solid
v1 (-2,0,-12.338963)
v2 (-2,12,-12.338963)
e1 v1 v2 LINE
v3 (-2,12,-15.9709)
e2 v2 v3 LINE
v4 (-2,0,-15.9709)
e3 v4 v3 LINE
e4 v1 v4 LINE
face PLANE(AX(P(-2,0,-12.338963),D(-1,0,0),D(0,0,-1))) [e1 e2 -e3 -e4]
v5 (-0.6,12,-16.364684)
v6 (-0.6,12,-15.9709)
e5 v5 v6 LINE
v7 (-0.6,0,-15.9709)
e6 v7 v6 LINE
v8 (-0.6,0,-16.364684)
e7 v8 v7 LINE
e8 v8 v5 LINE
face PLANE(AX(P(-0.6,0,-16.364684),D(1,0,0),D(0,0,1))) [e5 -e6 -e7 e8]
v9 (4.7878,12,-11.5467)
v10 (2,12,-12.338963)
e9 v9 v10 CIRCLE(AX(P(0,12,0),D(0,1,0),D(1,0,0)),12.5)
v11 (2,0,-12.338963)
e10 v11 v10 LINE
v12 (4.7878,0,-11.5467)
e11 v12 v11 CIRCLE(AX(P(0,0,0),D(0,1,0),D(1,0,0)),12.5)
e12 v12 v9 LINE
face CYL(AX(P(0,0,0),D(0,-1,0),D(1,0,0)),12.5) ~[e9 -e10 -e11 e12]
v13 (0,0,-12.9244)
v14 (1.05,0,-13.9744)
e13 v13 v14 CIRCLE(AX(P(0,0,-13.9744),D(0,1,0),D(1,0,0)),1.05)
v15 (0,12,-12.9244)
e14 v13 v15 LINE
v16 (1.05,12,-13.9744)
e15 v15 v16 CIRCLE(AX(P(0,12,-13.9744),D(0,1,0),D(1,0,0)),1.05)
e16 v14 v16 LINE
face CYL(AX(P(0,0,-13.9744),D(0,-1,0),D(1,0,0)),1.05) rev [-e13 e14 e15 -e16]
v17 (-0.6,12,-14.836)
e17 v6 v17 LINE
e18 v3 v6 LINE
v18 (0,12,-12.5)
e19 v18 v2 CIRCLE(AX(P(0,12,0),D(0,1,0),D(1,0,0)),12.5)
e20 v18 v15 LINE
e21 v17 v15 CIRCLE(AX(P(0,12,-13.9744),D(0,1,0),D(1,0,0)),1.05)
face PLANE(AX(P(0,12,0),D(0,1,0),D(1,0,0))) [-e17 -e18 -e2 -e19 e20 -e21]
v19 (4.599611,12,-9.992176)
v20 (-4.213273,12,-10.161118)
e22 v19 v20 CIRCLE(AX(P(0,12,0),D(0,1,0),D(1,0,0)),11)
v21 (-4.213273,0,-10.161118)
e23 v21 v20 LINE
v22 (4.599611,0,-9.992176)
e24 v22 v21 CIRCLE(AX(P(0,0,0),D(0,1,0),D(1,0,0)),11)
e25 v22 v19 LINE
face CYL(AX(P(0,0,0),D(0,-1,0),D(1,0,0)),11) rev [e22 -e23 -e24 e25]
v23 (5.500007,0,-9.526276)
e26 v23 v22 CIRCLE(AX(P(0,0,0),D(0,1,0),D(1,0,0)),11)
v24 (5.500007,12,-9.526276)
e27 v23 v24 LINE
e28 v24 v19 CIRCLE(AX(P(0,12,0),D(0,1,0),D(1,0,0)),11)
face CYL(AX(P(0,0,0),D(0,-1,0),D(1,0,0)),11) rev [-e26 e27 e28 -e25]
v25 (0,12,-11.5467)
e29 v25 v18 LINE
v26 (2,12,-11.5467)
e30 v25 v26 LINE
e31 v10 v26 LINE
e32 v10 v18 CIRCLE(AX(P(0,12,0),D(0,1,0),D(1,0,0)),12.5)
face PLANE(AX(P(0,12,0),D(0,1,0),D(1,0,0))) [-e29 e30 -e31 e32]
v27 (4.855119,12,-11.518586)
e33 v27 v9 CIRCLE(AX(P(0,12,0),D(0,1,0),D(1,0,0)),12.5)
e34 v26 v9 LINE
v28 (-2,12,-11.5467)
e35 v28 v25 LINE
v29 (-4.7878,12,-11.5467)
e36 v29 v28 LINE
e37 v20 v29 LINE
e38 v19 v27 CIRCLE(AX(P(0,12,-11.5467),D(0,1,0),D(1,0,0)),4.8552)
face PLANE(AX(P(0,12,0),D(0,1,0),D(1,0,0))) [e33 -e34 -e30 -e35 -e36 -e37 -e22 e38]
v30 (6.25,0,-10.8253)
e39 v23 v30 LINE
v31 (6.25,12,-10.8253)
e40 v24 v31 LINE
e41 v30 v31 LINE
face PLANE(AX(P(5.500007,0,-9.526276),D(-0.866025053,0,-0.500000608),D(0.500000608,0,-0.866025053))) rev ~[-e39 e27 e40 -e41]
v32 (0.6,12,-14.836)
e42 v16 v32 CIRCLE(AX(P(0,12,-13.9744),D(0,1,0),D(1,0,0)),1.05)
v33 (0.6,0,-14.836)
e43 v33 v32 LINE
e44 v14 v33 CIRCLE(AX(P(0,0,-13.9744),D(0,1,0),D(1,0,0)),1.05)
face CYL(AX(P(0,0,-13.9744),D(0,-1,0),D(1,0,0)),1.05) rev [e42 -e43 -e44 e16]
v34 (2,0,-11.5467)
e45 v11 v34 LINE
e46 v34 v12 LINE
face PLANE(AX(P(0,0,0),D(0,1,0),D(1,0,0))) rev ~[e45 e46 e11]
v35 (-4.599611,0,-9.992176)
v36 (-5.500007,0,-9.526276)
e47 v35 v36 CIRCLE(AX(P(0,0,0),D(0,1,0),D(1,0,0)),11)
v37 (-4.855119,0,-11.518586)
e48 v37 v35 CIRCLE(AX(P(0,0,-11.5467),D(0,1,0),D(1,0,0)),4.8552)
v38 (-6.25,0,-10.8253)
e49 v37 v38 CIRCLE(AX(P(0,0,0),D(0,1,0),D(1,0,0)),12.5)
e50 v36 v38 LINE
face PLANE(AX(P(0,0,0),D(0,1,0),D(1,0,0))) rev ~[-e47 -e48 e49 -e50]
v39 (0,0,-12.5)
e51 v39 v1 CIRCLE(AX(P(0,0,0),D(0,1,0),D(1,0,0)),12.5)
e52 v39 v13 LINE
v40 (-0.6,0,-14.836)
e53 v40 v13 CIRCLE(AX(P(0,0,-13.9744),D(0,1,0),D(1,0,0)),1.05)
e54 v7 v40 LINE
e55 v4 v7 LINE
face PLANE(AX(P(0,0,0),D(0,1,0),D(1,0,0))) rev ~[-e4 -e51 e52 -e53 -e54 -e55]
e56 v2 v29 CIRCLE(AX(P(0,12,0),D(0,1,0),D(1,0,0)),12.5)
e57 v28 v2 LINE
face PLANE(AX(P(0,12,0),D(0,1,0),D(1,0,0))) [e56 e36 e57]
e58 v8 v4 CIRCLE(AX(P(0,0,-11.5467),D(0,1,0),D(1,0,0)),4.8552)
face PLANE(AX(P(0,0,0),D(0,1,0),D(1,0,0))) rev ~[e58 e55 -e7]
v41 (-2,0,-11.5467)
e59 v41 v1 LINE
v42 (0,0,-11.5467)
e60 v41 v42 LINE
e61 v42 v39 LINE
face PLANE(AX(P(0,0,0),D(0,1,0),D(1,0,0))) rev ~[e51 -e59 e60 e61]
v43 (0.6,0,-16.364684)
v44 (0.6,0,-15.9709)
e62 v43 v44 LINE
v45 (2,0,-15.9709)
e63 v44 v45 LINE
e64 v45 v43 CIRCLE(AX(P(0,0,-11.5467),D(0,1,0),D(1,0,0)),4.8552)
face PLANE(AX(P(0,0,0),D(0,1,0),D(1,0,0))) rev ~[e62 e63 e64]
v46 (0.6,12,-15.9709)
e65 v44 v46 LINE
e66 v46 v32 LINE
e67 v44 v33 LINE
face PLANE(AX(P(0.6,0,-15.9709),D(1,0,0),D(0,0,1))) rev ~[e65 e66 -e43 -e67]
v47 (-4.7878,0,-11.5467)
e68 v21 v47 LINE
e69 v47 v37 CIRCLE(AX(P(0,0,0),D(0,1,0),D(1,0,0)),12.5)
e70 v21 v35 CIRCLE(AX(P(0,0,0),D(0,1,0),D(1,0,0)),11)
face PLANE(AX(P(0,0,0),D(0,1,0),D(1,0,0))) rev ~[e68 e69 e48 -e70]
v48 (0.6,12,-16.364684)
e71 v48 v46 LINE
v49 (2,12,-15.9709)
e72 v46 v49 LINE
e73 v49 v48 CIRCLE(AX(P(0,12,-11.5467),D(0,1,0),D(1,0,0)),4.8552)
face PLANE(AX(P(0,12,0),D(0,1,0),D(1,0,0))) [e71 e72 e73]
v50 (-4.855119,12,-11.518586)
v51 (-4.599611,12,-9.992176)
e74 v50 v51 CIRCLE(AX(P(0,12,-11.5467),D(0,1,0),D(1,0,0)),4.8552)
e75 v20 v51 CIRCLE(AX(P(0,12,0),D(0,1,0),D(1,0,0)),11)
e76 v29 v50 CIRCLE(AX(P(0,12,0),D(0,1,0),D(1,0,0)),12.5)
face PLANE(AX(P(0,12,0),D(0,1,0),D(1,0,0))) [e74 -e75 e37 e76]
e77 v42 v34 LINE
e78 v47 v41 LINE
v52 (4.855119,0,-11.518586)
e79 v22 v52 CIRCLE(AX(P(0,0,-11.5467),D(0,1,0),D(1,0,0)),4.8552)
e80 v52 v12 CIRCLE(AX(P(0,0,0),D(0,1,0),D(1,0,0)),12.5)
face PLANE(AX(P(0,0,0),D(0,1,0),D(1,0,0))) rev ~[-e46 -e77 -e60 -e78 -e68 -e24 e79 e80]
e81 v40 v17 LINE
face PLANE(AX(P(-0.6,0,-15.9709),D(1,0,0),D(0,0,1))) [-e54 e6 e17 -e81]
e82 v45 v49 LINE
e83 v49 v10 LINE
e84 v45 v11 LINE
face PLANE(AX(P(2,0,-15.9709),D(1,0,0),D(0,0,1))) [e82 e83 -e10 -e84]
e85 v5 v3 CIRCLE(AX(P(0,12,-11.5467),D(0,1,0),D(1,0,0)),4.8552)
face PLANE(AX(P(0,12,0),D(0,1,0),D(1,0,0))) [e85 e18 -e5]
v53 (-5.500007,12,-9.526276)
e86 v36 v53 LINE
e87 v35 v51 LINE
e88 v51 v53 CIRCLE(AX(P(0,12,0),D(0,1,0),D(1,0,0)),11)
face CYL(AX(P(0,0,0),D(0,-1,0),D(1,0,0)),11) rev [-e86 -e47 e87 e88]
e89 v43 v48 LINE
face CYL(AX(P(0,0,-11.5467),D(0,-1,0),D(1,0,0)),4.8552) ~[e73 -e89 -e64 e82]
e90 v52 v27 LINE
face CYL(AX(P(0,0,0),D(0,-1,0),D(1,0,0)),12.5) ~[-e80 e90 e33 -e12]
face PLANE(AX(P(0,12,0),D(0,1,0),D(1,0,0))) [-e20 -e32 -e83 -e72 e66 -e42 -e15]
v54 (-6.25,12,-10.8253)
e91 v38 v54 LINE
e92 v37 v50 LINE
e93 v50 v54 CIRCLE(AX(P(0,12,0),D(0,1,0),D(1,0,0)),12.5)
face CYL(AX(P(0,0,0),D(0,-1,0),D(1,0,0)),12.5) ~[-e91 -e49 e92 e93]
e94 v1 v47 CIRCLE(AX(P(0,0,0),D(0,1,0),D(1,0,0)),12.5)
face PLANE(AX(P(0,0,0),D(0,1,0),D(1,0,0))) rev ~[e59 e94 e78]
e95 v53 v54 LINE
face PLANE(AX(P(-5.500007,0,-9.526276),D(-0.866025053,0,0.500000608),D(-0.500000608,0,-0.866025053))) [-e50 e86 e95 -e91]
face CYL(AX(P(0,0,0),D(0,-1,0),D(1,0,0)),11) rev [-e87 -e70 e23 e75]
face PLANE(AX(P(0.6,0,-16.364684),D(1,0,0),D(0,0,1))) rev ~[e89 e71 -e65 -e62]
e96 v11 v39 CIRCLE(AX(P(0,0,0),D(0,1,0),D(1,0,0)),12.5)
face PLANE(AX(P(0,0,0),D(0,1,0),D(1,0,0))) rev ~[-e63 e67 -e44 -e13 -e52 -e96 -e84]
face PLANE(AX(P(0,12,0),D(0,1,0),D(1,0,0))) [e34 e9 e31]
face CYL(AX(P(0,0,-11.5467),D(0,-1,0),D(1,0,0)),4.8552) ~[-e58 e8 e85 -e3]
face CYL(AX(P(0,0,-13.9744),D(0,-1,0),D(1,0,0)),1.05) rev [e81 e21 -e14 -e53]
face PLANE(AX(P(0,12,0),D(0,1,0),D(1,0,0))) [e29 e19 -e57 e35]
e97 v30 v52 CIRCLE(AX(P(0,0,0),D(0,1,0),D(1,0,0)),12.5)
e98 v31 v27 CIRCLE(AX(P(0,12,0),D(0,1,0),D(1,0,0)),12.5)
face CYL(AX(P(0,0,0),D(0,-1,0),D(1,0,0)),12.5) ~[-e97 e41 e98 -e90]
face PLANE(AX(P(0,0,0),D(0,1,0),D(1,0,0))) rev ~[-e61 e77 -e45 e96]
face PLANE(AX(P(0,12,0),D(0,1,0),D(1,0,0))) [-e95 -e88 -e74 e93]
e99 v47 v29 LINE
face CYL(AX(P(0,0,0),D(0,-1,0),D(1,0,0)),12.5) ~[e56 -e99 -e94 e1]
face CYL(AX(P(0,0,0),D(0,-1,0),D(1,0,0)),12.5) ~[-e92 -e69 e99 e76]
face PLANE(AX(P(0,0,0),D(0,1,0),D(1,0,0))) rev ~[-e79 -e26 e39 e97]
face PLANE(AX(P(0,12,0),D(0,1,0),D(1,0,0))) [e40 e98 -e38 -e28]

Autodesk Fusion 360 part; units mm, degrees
sketch "Sketch1" plane through (0, 0, 0) normal (0, 1, 0) x (1, 0, 0)
  circle A0 centre (0, 0) radius 11
  circle A1 centre (0, 0) radius 12.5
  line L0 (0, 0) -> (9.5756, 8.0348)
  line L1 (0, 0) -> (12.5, 0) construction
  line L2 (0, 0) -> (-9.5756, 8.0348)
  line L3 (0, 0) -> (12.5, 0) construction
  line L4 (0, 0) -> (-4.7878, 11.5467)
  line L5 (-4.7878, 11.5467) -> (4.7878, 11.5467)
  circle A2 centre (0, 11.5467) radius 4.8552
  line L6 (0, 11.5467) -> (0, 16.402)
  circle A3 centre (0, 13.9744) radius 1.05
  circle A4 centre (0, 13.9744) radius 0.5
  line L7 (0, 16.402) -> (-0.6, 16.402)
  line L8 (0, 16.402) -> (0.6, 16.402)
  line L9 (-0.6, 16.402) -> (-0.6, 14.836)
  line L10 (0.6, 16.402) -> (0.6, 14.836)
  line L11 (0, 0) -> (6.25, 10.8253)
  line L12 (0, 0) -> (12.5, 0) construction
  line L13 (0, 0) -> (-6.25, 10.8253)
  line L14 (0, 11.5467) -> (2, 11.5467)
  line L15 (0, 11.5467) -> (-2, 11.5467)
  line L16 (2, 11.5467) -> (-2, 11.5467)
  line L17 (-2, 11.5467) -> (-2, 15.9709)
  line L18 (-2, 15.9709) -> (2, 15.9709)
  line L19 (2, 15.9709) -> (2, 11.5467)
  dimension "d1" = 22
  dimension "d2" = 25
  dimension "d3" = 40
  dimension "d4" = 140
  dimension "d5" = 2.1
  dimension "d6" = 1
  dimension "d7" = 0.6
  dimension "d8" = 0.6
  dimension "d9" = 60
  dimension "d10" = 120
  dimension "d13" = 2
  dimension "d14" = 2
  dimension "d15" = 9.5756
  dimension "d16" = 4.4242
extrude "Extrude1" add sketch "Sketch1" along normal blind 12 contours A0 A1 A2 L11 | A0 A1 A2 L13 | A0 A1 L4 L5 A2 L14 L15 L16 | A0 A1 L4 A2 | A1 L5 L17 | A1 L5 L19 | A1 L6 A3 L9 L17 L18 | A2 L9 L18 | A1 L5 L6 L15 L16 L17 | A1 L5 L6 L14 L16 L19 | A1 L6 A3 L10 L18 L19 | A2 L10 L18
sketch "Sketch2" plane through (0, 0, 0) normal (0, -1, 0) x (1, 0, 0)
  line L0 (0.6, -14.836) -> (0.6, -16.3648)
  arc A0 (0.6, -16.3648) -> (2, -15.9709) centre (0, -11.5467) ccw
  line L1 (2, -15.9709) -> (2, -12.339)
  arc A1 (2, -12.339) -> (6.25, -10.8253) centre (0, 0) ccw
  line L2 (6.25, -10.8253) -> (5.5, -9.5263)
  arc A2 (-5.5, -9.5263) -> (5.5, -9.5263) centre (0, 0) ccw
  line L3 (-5.5, -9.5263) -> (-6.25, -10.8253)
  arc A3 (-6.25, -10.8253) -> (-2, -12.339) centre (0, 0) ccw
  line L4 (-2, -12.339) -> (-2, -15.9709)
  arc A4 (-2, -15.9709) -> (-0.6, -16.3648) centre (0, -11.5467) ccw
  line L5 (-0.6, -16.3648) -> (-0.6, -14.836)
  arc A5 (0.6, -14.836) -> (-0.6, -14.836) centre (0, -13.9744) ccw
  line L6 (0, -11) -> (0, -12.9244)
